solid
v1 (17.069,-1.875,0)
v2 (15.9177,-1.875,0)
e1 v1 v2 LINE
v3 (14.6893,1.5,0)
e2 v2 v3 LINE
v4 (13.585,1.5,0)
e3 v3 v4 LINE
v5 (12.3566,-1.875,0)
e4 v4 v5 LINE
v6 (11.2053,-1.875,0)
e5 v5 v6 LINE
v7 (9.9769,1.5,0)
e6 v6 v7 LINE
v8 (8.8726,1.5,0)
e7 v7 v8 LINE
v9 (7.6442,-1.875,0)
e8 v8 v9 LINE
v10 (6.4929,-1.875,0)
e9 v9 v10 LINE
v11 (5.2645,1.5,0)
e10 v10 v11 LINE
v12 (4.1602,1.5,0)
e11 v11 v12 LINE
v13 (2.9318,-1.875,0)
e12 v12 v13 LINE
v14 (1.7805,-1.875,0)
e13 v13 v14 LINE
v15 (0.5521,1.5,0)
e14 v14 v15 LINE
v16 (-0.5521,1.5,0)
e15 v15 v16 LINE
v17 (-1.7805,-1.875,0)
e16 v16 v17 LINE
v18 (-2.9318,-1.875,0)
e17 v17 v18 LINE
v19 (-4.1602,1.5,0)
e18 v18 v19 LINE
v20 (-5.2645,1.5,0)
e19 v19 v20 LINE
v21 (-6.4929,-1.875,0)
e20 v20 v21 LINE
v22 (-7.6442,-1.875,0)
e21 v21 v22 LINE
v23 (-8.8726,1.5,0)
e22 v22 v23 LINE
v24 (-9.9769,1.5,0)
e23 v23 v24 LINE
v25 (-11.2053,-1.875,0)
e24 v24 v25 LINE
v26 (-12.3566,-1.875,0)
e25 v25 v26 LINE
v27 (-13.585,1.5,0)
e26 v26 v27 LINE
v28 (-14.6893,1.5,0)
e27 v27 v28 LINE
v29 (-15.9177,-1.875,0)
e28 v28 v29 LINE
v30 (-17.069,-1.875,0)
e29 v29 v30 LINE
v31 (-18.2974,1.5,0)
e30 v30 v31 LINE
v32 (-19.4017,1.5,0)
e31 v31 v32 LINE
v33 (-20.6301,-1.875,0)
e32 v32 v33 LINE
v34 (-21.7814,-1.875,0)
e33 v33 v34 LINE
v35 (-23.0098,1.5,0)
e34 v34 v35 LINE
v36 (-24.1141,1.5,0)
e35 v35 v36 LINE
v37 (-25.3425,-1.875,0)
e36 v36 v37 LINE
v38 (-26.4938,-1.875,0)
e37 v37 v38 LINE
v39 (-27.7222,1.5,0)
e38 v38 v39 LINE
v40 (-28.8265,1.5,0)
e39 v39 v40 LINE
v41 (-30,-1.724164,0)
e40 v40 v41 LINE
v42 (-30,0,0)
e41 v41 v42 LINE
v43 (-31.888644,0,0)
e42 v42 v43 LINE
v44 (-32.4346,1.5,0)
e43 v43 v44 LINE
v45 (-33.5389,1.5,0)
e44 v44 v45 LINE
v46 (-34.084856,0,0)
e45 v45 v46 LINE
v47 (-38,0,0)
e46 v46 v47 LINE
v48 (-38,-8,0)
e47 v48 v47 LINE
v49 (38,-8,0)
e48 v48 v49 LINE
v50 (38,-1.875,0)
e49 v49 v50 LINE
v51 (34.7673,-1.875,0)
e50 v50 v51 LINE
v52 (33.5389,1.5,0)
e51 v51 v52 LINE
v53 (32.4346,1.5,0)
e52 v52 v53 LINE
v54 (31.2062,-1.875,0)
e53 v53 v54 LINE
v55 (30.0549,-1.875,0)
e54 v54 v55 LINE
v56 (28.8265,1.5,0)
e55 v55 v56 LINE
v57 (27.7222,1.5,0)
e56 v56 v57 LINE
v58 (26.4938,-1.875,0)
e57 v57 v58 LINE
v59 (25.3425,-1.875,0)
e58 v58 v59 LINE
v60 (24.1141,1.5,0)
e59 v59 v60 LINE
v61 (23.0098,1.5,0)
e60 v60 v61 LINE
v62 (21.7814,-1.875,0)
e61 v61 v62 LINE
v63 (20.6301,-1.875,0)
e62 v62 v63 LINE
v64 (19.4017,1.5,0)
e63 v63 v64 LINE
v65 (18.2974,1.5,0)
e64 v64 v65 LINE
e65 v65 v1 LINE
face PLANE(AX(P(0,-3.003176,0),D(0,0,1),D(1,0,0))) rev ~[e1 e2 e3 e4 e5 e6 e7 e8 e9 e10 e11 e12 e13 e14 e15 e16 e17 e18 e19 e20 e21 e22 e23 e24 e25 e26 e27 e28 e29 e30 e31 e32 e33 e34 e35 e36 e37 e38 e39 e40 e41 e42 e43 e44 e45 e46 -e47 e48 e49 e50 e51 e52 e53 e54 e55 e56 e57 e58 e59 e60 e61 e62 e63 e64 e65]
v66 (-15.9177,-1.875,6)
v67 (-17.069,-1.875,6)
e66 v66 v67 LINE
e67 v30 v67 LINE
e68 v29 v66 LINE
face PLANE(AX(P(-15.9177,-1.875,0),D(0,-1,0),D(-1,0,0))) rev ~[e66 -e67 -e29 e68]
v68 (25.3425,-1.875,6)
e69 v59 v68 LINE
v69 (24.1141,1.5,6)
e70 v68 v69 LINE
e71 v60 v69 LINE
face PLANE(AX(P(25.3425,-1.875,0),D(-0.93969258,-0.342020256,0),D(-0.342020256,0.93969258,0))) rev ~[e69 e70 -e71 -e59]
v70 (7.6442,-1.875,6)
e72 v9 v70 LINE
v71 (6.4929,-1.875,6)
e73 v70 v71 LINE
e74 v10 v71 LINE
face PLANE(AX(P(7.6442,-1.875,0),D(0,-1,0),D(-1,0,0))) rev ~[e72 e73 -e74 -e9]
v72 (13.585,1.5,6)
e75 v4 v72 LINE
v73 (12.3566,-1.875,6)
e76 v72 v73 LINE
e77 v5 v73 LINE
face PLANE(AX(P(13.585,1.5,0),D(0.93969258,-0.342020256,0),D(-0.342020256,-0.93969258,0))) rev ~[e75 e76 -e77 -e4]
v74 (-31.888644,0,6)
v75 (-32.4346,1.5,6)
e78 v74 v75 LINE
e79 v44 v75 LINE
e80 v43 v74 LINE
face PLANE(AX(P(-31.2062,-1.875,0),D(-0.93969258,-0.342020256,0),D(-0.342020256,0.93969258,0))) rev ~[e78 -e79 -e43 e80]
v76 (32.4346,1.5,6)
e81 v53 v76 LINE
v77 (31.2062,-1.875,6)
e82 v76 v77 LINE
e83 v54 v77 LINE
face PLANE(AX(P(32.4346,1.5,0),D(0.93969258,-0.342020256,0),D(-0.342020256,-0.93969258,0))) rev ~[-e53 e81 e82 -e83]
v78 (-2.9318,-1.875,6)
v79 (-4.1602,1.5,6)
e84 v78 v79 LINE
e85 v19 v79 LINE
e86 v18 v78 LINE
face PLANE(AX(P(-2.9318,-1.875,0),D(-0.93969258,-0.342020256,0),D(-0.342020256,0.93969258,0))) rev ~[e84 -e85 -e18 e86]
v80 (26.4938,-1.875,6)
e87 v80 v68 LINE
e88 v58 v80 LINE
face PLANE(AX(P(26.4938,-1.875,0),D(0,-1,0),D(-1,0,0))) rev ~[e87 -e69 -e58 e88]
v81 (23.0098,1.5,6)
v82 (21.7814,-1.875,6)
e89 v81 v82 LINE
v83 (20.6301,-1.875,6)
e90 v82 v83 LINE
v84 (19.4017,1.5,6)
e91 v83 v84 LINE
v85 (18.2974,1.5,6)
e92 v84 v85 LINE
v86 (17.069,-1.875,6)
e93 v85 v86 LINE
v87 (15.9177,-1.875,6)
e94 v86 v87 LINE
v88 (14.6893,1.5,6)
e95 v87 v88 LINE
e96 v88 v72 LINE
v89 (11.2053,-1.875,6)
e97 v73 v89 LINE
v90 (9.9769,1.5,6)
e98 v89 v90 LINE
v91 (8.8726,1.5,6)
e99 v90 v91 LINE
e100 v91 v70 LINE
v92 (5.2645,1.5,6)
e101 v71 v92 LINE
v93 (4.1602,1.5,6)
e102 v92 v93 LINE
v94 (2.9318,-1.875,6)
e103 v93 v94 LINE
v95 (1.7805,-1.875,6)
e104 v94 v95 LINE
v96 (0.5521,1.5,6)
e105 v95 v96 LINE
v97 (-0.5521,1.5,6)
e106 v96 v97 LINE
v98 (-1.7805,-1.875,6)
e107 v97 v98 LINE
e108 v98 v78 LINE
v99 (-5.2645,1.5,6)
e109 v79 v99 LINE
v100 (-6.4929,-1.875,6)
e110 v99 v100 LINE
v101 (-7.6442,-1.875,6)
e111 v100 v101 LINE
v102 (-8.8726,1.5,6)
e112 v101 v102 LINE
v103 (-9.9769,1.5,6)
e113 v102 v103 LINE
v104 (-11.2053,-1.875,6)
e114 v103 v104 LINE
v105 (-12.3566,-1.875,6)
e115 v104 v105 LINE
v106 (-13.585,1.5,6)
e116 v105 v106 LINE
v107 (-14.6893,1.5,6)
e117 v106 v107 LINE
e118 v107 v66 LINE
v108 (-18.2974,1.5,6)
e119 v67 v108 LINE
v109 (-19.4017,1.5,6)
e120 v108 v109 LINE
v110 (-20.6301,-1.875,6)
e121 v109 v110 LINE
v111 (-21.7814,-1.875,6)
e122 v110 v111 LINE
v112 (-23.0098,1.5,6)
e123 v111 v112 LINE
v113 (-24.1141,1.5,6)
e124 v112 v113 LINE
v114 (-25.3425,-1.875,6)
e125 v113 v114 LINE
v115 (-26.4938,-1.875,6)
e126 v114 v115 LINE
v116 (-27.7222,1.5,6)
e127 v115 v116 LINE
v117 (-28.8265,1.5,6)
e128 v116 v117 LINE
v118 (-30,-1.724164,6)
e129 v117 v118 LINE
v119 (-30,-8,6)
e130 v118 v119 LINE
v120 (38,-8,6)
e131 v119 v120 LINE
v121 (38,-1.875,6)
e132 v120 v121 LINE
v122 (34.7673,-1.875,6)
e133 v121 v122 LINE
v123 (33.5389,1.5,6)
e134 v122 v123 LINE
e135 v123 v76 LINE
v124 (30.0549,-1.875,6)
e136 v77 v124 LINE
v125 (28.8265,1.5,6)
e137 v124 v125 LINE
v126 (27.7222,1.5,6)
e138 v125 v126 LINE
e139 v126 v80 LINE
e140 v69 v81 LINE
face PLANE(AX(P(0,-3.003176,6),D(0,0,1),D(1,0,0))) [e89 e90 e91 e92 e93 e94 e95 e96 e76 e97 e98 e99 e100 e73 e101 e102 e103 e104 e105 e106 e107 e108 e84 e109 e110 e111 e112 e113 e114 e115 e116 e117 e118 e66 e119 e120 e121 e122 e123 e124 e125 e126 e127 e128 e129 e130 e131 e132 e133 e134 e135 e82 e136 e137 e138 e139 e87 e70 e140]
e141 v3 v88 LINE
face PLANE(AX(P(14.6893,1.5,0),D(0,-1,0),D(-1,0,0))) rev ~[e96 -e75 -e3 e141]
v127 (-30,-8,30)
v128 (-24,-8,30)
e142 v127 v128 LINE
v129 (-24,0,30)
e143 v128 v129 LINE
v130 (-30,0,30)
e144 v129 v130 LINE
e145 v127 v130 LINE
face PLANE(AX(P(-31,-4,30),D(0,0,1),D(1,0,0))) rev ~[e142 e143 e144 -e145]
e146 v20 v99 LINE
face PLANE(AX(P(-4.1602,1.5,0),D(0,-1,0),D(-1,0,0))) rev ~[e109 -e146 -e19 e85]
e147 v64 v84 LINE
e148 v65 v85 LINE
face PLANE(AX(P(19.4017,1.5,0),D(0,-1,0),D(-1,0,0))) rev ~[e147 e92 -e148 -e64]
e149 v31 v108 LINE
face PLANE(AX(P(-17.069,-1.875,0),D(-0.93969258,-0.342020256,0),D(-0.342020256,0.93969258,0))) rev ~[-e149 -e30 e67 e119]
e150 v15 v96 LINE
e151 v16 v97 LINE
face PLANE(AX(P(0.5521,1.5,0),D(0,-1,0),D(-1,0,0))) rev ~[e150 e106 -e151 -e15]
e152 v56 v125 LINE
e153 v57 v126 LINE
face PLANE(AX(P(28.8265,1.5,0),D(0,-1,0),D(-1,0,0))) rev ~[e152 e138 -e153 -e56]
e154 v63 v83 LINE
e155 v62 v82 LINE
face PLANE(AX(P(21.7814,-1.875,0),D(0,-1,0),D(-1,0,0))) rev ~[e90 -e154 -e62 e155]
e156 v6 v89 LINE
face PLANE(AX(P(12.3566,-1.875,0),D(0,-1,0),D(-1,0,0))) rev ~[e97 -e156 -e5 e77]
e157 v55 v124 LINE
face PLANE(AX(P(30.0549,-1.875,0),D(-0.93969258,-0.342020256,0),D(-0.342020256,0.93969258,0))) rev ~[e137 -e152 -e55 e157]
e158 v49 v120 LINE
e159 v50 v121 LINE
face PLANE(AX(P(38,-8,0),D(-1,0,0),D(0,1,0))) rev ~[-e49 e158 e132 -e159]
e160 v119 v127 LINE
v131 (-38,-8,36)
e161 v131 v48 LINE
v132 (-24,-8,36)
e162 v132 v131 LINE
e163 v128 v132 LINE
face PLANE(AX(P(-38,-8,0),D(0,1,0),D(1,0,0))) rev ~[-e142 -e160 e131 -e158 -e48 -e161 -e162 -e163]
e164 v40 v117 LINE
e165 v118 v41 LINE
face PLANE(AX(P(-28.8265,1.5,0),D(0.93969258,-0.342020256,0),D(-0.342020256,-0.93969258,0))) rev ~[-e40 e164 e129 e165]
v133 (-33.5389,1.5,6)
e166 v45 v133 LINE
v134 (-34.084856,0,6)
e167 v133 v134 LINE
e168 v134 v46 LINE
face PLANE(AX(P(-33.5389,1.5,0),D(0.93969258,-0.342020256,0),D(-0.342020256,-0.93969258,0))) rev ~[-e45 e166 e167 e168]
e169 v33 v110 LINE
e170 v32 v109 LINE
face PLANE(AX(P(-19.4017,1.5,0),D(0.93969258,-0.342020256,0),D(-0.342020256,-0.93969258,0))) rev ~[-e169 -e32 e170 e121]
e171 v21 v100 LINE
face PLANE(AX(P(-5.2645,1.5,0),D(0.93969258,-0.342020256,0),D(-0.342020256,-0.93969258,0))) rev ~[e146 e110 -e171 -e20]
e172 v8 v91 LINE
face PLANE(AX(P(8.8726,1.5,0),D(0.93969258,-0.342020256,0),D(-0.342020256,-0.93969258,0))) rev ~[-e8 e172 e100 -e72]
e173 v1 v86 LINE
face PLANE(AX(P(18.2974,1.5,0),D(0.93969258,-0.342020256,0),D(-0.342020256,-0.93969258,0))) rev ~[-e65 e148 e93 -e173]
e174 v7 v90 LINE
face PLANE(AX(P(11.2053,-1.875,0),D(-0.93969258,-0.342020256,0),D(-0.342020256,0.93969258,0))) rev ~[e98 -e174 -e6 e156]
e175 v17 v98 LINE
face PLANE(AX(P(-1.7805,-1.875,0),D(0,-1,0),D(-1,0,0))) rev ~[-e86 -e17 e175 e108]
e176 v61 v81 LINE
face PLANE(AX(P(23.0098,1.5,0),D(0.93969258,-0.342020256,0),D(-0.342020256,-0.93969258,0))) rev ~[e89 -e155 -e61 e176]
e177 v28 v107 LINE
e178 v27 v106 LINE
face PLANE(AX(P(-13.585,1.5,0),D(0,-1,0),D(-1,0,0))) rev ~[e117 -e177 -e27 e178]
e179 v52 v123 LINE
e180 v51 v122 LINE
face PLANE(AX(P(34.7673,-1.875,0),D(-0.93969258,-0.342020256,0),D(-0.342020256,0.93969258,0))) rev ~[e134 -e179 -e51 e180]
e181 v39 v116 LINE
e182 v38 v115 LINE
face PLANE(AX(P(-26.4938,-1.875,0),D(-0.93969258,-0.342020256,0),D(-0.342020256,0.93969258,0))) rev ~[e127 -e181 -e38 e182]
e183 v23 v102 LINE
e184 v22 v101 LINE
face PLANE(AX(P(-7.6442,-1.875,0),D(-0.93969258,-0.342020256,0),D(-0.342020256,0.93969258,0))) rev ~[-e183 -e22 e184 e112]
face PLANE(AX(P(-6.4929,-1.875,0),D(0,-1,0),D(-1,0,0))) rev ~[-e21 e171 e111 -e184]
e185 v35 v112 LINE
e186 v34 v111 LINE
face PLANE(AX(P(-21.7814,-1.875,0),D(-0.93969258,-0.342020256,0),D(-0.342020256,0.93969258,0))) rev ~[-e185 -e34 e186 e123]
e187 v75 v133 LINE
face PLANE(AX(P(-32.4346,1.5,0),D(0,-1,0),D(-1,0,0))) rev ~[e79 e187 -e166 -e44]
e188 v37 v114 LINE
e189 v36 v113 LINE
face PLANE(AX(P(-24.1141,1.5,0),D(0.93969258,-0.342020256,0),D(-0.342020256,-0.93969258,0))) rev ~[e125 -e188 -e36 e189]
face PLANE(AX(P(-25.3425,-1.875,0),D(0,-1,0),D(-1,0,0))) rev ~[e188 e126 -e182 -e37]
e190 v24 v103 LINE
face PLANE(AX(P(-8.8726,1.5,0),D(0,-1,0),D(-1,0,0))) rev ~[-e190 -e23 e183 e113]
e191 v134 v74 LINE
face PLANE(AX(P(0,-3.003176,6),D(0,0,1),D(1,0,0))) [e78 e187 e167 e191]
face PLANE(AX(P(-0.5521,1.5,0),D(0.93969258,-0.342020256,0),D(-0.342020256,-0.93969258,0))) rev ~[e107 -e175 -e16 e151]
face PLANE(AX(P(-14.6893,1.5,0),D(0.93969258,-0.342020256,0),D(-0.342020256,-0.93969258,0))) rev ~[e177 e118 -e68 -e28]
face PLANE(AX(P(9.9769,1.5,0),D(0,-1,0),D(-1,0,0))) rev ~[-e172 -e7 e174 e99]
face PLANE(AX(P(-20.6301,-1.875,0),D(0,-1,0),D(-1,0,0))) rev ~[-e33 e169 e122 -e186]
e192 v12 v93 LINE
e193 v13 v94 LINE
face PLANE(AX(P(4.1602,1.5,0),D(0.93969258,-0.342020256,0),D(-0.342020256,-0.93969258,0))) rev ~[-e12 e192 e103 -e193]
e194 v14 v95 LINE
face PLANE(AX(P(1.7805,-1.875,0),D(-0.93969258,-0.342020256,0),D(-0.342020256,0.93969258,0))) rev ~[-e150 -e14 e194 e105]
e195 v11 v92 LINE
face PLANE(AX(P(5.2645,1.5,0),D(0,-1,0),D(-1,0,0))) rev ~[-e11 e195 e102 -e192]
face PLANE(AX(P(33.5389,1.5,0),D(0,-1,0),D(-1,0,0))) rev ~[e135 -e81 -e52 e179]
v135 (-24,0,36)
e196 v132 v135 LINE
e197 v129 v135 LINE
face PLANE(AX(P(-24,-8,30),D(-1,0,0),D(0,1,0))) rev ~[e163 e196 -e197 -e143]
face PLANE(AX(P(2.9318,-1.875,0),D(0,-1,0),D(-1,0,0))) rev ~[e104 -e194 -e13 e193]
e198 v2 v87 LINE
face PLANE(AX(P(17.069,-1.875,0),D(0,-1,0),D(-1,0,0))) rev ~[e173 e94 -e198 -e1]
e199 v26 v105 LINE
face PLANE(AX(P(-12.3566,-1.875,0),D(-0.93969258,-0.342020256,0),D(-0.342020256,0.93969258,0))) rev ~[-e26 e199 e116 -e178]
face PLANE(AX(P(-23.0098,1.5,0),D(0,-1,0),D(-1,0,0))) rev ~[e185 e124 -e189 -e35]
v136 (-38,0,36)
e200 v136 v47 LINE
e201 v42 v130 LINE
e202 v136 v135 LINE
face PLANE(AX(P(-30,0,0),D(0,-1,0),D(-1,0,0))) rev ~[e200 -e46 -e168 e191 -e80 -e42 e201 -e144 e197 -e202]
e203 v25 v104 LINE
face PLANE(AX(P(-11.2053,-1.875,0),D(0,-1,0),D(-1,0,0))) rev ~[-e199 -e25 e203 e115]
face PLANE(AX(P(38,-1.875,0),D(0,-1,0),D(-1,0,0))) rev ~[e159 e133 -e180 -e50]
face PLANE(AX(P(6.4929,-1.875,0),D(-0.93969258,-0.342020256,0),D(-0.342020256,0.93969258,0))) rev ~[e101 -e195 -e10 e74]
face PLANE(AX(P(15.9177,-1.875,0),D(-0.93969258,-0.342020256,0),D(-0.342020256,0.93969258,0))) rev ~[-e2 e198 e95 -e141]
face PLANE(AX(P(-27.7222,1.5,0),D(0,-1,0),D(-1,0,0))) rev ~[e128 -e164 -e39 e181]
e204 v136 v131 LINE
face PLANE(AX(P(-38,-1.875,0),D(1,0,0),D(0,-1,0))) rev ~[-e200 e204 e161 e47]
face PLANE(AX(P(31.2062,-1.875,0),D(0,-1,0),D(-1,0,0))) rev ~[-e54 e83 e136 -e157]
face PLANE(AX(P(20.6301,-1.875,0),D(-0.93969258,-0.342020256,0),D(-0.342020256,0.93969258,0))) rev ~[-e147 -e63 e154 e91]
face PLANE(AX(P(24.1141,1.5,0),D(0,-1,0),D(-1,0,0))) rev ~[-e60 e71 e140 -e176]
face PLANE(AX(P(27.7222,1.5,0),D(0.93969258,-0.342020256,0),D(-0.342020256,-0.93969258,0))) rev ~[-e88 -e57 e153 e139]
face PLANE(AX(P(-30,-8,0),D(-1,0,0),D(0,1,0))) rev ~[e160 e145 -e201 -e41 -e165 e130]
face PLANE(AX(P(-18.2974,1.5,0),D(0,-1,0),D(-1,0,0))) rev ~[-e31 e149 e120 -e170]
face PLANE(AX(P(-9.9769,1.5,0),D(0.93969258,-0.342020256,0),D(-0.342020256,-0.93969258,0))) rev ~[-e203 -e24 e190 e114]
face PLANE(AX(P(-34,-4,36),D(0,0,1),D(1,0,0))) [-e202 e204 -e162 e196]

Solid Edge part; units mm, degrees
sketch "Sketch1" plane through (0, 0, 0) normal (0, 0, 1) x (1, 0, 0)
  line L0 (-38, -8) -> (38, -8)
  line L1 (38, -8) -> (38, -1.875)
  line L2 (38, -1.875) -> (34.7673, -1.875)
  line L3 (34.7673, -1.875) -> (33.5389, 1.5)
  line L4 (33.5389, 1.5) -> (32.4346, 1.5)
  line L5 (32.4346, 1.5) -> (31.2062, -1.875)
  line L6 (31.2062, -1.875) -> (30.0549, -1.875)
  line L7 (30.0549, -1.875) -> (28.8265, 1.5)
  line L8 (28.8265, 1.5) -> (27.7222, 1.5)
  line L9 (27.7222, 1.5) -> (26.4938, -1.875)
  line L10 (26.4938, -1.875) -> (25.3425, -1.875)
  line L11 (25.3425, -1.875) -> (24.1141, 1.5)
  line L12 (24.1141, 1.5) -> (23.0098, 1.5)
  line L13 (23.0098, 1.5) -> (21.7814, -1.875)
  line L14 (21.7814, -1.875) -> (20.6301, -1.875)
  line L15 (20.6301, -1.875) -> (19.4017, 1.5)
  line L16 (19.4017, 1.5) -> (18.2974, 1.5)
  line L17 (18.2974, 1.5) -> (17.069, -1.875)
  line L18 (17.069, -1.875) -> (15.9177, -1.875)
  line L19 (15.9177, -1.875) -> (14.6893, 1.5)
  line L20 (14.6893, 1.5) -> (13.585, 1.5)
  line L21 (13.585, 1.5) -> (12.3566, -1.875)
  line L22 (12.3566, -1.875) -> (11.2053, -1.875)
  line L23 (11.2053, -1.875) -> (9.9769, 1.5)
  line L24 (9.9769, 1.5) -> (8.8726, 1.5)
  line L25 (8.8726, 1.5) -> (7.6442, -1.875)
  line L26 (7.6442, -1.875) -> (6.4929, -1.875)
  line L27 (6.4929, -1.875) -> (5.2645, 1.5)
  line L28 (5.2645, 1.5) -> (4.1602, 1.5)
  line L29 (4.1602, 1.5) -> (2.9318, -1.875)
  line L30 (2.9318, -1.875) -> (1.7805, -1.875)
  line L31 (1.7805, -1.875) -> (0.5521, 1.5)
  line L32 (0.5521, 1.5) -> (-0.5521, 1.5)
  line L33 (-0.5521, 1.5) -> (-1.7805, -1.875)
  line L34 (-1.7805, -1.875) -> (-2.9318, -1.875)
  line L35 (-2.9318, -1.875) -> (-4.1602, 1.5)
  line L36 (-4.1602, 1.5) -> (-5.2645, 1.5)
  line L37 (-5.2645, 1.5) -> (-6.4929, -1.875)
  line L38 (-6.4929, -1.875) -> (-7.6442, -1.875)
  line L39 (-7.6442, -1.875) -> (-8.8726, 1.5)
  line L40 (-8.8726, 1.5) -> (-9.9769, 1.5)
  line L41 (-9.9769, 1.5) -> (-11.2053, -1.875)
  line L42 (-11.2053, -1.875) -> (-12.3566, -1.875)
  line L43 (-12.3566, -1.875) -> (-13.585, 1.5)
  line L44 (-13.585, 1.5) -> (-14.6893, 1.5)
  line L45 (-14.6893, 1.5) -> (-15.9177, -1.875)
  line L46 (-15.9177, -1.875) -> (-17.069, -1.875)
  line L47 (-17.069, -1.875) -> (-18.2974, 1.5)
  line L48 (-18.2974, 1.5) -> (-19.4017, 1.5)
  line L49 (-19.4017, 1.5) -> (-20.6301, -1.875)
  line L50 (-20.6301, -1.875) -> (-21.7814, -1.875)
  line L51 (-21.7814, -1.875) -> (-23.0098, 1.5)
  line L52 (-23.0098, 1.5) -> (-24.1141, 1.5)
  line L53 (-24.1141, 1.5) -> (-25.3425, -1.875)
  line L54 (-25.3425, -1.875) -> (-26.4938, -1.875)
  line L55 (-26.4938, -1.875) -> (-27.7222, 1.5)
  line L56 (-27.7222, 1.5) -> (-28.8265, 1.5)
  line L57 (-28.8265, 1.5) -> (-30.0549, -1.875)
  line L58 (-30.0549, -1.875) -> (-31.2062, -1.875)
  line L59 (-31.2062, -1.875) -> (-32.4346, 1.5)
  line L60 (-32.4346, 1.5) -> (-33.5389, 1.5)
  line L61 (-33.5389, 1.5) -> (-34.7673, -1.875)
  line L62 (-34.7673, -1.875) -> (-38, -1.875)
  line L63 (-38, -1.875) -> (-38, -8)
extrude "Protrusion1" add sketch "Sketch1" along normal blind 6
sketch "Sketch2" plane through (0, 0, 0) normal (0, 0, 1) x (1, 0, 0)
  line L0 (-38, -8) -> (-30, -8)
  line L1 (-30, -8) -> (-30, 0)
  line L2 (-30, 0) -> (-38, 0)
  line L3 (-38, 0) -> (-38, -8)
extrude "ExtrudedProtrusion_2" add sketch "Sketch2" along normal blind 36
sketch "Sketch3" plane through (0, 0, 30) normal (0, 0, 1) x (1, 0, 0)
  line L0 (-38, -8) -> (-24, -8)
  line L1 (-24, -8) -> (-24, 0)
  line L2 (-24, 0) -> (-38, 0)
  line L3 (-38, 0) -> (-38, -8)
extrude "ExtrudedProtrusion_3" add sketch "Sketch3" along normal blind 6
